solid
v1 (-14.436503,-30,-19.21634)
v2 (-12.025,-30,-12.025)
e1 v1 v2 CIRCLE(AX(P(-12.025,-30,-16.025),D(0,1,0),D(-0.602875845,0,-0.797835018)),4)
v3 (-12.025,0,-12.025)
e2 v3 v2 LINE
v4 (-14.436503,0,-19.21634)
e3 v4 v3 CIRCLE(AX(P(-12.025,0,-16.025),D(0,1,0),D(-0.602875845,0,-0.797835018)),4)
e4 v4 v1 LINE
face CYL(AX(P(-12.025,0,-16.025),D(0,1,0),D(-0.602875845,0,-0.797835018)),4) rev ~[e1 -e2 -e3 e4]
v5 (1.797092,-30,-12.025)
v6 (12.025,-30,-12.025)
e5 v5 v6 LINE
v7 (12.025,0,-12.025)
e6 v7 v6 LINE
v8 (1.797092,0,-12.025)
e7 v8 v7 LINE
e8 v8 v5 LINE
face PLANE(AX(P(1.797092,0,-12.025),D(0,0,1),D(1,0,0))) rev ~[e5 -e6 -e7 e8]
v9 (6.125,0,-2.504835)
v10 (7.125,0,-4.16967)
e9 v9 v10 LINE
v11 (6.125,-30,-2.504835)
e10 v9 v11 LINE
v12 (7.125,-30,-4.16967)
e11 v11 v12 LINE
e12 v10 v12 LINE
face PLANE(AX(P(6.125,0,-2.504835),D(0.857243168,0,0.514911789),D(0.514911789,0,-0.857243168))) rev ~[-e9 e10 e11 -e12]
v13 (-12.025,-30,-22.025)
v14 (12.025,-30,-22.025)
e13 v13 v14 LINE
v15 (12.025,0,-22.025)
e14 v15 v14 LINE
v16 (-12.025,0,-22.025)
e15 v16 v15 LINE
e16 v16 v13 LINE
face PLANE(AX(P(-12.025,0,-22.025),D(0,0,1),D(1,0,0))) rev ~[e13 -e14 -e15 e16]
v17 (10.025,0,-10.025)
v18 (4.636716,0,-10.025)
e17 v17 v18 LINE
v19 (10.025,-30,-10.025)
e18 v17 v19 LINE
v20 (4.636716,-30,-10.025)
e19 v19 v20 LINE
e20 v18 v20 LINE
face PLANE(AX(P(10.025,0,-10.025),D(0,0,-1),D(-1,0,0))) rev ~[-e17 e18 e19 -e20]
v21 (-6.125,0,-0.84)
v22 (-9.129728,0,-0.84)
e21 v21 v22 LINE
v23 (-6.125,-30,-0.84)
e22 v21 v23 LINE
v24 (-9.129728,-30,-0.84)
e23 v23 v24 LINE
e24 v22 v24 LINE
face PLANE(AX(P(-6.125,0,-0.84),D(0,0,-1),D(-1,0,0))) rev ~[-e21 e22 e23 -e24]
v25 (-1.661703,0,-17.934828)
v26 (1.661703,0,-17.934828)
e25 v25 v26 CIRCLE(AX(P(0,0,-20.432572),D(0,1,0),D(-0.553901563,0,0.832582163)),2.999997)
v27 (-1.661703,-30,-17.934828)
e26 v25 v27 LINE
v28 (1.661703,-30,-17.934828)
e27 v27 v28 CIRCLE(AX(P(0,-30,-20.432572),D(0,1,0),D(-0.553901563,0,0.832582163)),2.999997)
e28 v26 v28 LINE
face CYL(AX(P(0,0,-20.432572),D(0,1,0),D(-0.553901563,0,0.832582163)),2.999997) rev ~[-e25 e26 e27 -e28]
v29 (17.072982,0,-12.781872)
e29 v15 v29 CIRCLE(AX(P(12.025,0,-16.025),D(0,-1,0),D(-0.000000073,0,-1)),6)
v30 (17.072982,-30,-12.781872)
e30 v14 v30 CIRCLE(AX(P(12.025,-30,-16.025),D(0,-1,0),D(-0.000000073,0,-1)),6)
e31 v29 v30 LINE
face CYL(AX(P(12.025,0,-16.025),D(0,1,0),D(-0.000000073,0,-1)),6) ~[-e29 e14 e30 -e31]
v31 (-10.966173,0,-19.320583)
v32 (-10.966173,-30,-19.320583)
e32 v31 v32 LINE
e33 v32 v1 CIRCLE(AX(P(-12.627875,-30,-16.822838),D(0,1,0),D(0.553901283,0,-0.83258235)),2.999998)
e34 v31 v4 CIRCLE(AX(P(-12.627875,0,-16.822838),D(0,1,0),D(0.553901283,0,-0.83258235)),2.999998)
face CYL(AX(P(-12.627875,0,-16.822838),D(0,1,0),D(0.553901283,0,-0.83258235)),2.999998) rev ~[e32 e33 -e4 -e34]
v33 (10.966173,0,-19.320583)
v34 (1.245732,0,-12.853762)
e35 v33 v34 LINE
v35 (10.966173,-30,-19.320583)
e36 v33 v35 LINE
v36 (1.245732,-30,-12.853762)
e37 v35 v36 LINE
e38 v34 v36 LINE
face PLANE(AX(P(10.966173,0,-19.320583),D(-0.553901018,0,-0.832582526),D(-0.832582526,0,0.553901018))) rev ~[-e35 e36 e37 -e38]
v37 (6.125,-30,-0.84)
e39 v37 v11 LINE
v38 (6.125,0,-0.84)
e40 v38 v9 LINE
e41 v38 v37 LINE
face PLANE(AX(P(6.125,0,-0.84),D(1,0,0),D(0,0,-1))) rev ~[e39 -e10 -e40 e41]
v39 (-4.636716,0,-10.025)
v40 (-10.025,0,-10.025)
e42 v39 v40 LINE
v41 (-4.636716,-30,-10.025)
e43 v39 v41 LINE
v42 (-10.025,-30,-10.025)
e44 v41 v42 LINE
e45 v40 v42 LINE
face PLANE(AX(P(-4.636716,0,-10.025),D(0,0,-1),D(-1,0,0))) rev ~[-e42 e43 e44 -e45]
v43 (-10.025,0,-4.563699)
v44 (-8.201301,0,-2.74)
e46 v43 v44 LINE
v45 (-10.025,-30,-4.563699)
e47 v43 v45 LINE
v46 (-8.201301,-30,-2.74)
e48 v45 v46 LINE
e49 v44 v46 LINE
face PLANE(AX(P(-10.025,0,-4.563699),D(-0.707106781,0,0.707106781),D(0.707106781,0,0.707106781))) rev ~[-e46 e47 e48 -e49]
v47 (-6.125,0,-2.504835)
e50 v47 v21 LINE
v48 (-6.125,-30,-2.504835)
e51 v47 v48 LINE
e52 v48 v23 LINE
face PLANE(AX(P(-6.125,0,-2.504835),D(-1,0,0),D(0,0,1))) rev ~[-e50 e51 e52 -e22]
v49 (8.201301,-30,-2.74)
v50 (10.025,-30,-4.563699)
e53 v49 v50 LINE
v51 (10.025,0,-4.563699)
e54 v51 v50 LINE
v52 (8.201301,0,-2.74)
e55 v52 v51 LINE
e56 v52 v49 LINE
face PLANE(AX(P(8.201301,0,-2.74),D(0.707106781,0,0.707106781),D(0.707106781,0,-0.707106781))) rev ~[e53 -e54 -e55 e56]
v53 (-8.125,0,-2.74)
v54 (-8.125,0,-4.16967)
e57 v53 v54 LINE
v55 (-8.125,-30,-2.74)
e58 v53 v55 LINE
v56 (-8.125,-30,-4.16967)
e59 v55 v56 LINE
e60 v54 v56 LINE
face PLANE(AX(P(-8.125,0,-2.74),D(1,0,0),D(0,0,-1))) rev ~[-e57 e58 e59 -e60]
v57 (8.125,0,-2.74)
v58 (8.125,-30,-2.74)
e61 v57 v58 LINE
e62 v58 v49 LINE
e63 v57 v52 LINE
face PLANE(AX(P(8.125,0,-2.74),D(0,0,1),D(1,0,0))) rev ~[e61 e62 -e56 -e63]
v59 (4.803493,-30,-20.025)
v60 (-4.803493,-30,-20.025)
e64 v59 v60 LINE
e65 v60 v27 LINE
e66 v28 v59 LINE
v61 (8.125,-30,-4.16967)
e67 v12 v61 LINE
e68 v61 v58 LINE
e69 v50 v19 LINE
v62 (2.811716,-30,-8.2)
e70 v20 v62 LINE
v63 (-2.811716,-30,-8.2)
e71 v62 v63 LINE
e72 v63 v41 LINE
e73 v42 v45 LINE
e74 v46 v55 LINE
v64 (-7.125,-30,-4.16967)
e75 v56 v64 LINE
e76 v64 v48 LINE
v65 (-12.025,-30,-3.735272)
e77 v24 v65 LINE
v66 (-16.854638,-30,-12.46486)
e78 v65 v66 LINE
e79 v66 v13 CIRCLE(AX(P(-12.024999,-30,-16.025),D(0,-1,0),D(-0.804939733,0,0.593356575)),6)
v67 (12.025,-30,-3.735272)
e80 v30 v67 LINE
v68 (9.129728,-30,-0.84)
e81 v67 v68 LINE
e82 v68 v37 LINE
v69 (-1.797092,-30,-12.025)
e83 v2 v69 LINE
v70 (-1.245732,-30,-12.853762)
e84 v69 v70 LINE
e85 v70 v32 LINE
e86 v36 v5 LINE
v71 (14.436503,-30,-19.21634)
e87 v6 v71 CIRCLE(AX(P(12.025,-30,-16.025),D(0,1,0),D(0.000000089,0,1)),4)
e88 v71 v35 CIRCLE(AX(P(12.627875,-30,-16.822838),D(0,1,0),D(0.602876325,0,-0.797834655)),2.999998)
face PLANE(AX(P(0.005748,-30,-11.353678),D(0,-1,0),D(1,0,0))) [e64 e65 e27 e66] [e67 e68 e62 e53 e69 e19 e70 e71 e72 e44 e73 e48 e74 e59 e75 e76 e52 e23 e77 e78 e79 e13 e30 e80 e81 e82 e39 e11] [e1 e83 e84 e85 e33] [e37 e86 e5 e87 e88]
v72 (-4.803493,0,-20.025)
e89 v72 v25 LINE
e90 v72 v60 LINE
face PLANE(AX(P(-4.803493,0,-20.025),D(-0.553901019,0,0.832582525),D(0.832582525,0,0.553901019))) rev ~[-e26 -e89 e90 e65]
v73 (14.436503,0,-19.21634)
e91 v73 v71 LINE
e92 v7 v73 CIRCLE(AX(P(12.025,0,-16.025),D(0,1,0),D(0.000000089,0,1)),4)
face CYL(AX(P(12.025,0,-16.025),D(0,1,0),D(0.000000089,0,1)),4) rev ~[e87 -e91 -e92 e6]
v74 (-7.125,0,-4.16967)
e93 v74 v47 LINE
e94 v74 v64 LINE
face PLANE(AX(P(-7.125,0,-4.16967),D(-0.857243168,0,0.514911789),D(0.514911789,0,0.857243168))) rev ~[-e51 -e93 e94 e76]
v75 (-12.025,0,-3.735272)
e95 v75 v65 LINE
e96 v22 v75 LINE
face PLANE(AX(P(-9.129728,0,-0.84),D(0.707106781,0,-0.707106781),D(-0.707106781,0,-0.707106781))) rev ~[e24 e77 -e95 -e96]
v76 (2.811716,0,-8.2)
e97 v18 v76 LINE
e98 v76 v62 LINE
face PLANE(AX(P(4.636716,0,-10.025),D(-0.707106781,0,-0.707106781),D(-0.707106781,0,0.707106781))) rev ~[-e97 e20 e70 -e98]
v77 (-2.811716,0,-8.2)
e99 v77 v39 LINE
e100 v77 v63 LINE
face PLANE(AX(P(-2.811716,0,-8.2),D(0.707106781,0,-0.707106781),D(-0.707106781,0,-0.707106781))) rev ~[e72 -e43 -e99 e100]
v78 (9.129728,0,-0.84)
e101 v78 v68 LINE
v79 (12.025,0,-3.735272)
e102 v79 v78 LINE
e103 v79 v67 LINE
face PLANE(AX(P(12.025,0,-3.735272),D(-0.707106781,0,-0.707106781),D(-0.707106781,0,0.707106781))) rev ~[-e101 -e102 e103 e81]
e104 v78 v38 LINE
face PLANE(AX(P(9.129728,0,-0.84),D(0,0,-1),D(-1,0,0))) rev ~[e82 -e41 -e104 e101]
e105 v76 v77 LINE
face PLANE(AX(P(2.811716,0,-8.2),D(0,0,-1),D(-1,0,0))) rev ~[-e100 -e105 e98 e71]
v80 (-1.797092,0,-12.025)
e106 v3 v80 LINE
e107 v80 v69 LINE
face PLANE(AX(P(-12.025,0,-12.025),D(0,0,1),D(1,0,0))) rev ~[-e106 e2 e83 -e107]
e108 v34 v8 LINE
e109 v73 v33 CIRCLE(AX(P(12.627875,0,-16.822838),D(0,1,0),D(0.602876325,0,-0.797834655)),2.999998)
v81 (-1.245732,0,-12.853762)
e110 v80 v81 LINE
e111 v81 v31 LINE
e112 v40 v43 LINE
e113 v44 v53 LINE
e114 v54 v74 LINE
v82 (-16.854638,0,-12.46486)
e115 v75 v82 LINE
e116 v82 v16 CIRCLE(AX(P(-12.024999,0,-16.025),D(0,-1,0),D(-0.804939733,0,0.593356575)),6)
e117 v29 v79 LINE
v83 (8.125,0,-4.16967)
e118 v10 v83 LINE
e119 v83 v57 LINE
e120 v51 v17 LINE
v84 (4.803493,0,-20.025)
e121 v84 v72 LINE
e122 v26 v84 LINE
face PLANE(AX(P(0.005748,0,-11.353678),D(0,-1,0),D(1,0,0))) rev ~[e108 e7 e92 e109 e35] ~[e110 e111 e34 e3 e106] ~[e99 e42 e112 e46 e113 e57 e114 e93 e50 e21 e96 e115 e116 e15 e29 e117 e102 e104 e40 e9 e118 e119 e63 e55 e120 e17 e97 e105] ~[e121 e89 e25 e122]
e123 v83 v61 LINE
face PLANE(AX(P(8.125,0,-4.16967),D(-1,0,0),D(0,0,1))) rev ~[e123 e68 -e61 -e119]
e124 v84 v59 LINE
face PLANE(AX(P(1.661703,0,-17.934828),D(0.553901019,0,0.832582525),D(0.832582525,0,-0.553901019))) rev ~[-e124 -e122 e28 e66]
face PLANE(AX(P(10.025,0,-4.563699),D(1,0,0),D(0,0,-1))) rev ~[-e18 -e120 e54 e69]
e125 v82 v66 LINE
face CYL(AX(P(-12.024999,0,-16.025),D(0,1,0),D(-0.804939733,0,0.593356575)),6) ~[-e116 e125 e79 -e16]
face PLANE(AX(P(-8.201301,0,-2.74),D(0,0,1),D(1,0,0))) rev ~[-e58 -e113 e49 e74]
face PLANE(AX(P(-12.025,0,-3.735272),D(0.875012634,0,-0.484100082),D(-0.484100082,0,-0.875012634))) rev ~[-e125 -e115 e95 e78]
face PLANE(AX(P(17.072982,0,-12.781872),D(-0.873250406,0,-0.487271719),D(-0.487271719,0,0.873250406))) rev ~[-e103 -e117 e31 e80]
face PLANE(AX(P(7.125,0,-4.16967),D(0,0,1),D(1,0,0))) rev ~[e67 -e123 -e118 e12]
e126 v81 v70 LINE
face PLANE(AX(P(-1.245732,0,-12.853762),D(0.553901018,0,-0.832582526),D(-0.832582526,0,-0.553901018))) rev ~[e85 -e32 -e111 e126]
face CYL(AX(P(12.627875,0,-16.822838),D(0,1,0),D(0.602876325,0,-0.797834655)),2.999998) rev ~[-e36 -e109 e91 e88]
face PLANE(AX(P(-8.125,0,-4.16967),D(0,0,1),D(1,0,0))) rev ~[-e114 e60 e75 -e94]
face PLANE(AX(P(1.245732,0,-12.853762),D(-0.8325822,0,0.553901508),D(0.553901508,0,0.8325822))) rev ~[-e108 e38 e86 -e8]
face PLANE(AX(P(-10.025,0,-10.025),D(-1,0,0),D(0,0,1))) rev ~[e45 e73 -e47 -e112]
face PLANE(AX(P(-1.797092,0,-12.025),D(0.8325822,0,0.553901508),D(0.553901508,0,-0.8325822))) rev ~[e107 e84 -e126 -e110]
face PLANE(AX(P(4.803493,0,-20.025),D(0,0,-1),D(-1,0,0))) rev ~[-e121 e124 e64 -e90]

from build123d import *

# Parameters (mm, degrees)
F1_DEPTH = 30


with BuildPart() as f1:
    # F0 (on Front) → F1 (new body)
    with BuildSketch(Plane.XZ):
        with BuildLine():
            Line((-10.025, -10.025), (-10.025, -4.563699))
            Line((-10.025, -4.563699), (-8.201301, -2.74))
            Line((-8.201301, -2.74), (-8.125, -2.74))
            Line((-8.125, -2.74), (-8.125, -4.16967))
            Line((-8.125, -4.16967), (-7.125, -4.16967))
            Line((-7.125, -4.16967), (-6.125, -2.504835))
            Line((-6.125, -2.504835), (-6.125, -0.84))
            Line((-6.125, -0.84), (-9.129728, -0.84))
            Line((-9.129728, -0.84), (-12.025, -3.735272))
            Line((-12.025, -3.735272), (-16.854638, -12.46486))
            ThreePointArc((-16.854638, -12.46486), (-17.38041, -18.730472), (-12.025, -22.025))
            Line((-12.025, -22.025), (12.025, -22.025))
            ThreePointArc((12.025, -22.025), (17.29087, -18.900868), (17.072982, -12.781872))
            Line((17.072982, -12.781872), (12.025, -3.735272))
            Line((12.025, -3.735272), (9.129728, -0.84))
            Line((9.129728, -0.84), (6.125, -0.84))
            Line((6.125, -0.84), (6.125, -2.504835))
            Line((6.125, -2.504835), (7.125, -4.16967))
            Line((7.125, -4.16967), (8.125, -4.16967))
            Line((8.125, -4.16967), (8.125, -2.74))
            Line((8.125, -2.74), (8.201301, -2.74))
            Line((8.201301, -2.74), (10.025, -4.563699))
            Line((10.025, -4.563699), (10.025, -10.025))
            Line((10.025, -10.025), (4.636716, -10.025))
            Line((4.636716, -10.025), (2.811716, -8.2))
            Line((2.811716, -8.2), (-2.811716, -8.2))
            Line((-2.811716, -8.2), (-4.636716, -10.025))
            Line((-4.636716, -10.025), (-8.125, -10.025))
            Line((-8.125, -10.025), (-10.025, -10.025))
        make_face()
        with BuildLine():
            ThreePointArc((-14.436503, -19.21634), (-15.81745, -14.753261), (-12.025, -12.025))
            Line((-12.025, -12.025), (-1.797092, -12.025))
            Line((-1.797092, -12.025), (-1.245732, -12.853762))
            Line((-1.245732, -12.853762), (-10.966173, -19.320583))
            ThreePointArc((-10.966173, -19.320583), (-12.71795, -19.821483), (-14.436503, -19.21634))
        make_face(mode=Mode.SUBTRACT)
        with BuildLine():
            Line((4.803493, -20.025), (-4.803493, -20.025))
            Line((-4.803493, -20.025), (-1.661703, -17.934828))
            ThreePointArc((-1.661703, -17.934828), (0, -17.432575), (1.661703, -17.934828))
            Line((1.661703, -17.934828), (4.803493, -20.025))
        make_face(mode=Mode.SUBTRACT)
        with BuildLine():
            ThreePointArc((12.025, -12.025), (15.81745, -14.753261), (14.436503, -19.21634))
            ThreePointArc((14.436503, -19.21634), (12.71795, -19.821483), (10.966173, -19.320583))
            Line((10.966173, -19.320583), (1.245732, -12.853762))
            Line((1.245732, -12.853762), (1.797092, -12.025))
            Line((1.797092, -12.025), (12.025, -12.025))
        make_face(mode=Mode.SUBTRACT)
    extrude(amount=F1_DEPTH)


solid = f1.part
